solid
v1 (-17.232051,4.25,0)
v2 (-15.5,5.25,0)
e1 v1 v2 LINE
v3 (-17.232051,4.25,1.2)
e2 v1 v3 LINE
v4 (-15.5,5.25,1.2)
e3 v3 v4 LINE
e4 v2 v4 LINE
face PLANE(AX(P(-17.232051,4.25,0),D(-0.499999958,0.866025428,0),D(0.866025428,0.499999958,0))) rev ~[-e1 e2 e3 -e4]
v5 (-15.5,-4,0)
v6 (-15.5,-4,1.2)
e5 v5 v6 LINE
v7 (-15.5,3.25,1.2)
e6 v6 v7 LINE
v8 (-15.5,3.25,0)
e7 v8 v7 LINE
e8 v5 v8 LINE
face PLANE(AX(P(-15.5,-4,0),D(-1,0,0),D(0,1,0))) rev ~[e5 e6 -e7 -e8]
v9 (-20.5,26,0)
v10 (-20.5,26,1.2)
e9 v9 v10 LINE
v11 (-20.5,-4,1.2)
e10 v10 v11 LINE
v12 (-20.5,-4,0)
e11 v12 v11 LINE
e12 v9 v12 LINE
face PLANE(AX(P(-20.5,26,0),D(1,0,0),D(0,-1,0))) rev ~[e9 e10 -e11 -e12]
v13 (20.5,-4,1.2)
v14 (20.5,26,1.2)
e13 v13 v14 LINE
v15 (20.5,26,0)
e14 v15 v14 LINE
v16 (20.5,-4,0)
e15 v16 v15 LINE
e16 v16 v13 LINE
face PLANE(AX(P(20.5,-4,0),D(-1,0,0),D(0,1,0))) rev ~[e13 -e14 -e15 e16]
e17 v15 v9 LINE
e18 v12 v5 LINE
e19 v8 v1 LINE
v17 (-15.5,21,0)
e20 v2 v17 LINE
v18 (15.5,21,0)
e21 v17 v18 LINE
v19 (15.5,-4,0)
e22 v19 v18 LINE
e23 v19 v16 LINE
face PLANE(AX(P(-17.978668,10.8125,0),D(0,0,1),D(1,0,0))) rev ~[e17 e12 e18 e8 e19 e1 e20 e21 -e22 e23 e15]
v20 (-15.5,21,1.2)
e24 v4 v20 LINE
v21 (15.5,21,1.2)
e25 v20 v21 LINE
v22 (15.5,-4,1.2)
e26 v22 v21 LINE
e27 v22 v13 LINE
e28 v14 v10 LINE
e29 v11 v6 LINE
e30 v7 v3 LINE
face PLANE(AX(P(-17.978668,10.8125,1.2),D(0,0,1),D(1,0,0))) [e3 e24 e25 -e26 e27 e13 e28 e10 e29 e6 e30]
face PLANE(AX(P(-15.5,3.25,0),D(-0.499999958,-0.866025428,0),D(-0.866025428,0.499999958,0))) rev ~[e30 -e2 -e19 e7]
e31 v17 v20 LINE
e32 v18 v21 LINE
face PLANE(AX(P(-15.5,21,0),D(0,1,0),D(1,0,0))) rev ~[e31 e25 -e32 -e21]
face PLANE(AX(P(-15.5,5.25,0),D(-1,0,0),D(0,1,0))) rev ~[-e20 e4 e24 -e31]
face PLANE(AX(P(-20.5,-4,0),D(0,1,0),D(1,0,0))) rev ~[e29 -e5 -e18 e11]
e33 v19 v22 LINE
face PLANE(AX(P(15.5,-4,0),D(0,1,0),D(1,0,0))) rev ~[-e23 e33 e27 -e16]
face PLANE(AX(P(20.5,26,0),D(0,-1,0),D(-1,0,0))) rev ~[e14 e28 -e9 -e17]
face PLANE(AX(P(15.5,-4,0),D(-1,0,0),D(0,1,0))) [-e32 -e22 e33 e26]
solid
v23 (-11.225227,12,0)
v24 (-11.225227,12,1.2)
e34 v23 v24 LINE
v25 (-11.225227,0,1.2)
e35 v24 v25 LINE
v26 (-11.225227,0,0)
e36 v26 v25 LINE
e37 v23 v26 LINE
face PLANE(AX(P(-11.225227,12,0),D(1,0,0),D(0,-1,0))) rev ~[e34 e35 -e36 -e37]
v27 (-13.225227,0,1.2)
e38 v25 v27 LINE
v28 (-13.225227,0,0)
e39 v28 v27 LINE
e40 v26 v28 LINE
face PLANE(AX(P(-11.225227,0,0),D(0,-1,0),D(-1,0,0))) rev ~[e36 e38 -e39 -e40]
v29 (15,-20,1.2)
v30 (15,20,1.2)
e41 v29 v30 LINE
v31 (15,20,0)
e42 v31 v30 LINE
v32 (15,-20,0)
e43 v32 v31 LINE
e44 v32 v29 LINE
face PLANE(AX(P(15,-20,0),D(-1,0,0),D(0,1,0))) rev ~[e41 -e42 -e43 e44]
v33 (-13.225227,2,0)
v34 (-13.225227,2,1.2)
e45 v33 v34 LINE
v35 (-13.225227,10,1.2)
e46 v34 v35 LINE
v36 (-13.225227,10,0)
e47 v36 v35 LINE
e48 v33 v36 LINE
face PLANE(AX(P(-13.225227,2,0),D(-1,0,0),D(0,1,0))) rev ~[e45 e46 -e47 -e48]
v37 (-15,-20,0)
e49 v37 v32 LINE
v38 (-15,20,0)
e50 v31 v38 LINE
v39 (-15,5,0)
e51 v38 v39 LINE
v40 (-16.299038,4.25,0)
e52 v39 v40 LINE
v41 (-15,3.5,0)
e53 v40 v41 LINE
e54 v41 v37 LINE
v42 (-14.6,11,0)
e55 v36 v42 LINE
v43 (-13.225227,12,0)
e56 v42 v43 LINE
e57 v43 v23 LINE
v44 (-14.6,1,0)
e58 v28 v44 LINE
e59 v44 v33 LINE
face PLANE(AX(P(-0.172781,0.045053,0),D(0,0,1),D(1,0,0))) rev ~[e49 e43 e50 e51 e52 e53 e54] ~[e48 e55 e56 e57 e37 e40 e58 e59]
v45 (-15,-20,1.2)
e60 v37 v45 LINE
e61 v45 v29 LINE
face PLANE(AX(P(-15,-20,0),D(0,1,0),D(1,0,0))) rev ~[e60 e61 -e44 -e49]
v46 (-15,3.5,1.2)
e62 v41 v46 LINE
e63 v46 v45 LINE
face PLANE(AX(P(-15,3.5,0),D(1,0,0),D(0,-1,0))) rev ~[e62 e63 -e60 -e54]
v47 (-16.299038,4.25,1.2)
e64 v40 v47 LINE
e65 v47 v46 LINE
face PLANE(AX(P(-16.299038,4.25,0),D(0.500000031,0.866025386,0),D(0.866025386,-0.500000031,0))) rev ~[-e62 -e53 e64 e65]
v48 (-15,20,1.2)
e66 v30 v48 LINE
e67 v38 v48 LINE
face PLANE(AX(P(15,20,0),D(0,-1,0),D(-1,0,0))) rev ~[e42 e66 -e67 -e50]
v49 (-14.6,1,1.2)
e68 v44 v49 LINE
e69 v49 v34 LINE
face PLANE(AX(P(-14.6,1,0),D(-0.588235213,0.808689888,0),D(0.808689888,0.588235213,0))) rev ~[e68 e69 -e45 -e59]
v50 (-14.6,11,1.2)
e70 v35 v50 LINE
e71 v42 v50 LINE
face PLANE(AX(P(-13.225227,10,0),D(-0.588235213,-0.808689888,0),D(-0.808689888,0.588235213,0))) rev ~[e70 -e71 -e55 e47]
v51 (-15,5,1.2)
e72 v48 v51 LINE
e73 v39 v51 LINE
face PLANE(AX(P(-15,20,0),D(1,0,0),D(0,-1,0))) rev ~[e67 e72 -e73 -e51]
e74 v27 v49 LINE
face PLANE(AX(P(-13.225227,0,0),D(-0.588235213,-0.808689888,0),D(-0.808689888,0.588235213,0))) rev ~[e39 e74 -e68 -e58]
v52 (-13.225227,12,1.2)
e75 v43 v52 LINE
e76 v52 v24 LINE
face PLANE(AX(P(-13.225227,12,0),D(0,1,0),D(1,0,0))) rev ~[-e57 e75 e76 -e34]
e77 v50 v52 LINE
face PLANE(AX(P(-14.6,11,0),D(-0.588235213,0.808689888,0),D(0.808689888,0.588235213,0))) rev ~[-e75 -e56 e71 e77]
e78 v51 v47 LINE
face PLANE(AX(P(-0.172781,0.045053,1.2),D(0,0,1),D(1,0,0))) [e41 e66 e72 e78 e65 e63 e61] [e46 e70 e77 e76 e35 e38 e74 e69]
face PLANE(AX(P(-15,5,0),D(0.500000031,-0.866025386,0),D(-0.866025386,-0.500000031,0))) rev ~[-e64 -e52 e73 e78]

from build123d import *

# Parameters (mm, degrees)
F0_W     = 5
F0_H     = 25
F1_DEPTH = 1.2


with BuildPart() as f1:
    # F0 (on Top) → F1 (new body)
    with BuildSketch(Plane.XY):
        Polygon((15, -20), (15, 20), (-15, 20), (-15, 5), (-16.299038, 4.25), (-15, 3.5), (-15, -20), align=None)
        Polygon((-14.6, 11), (-13.225227, 12), (-11.225227, 12), (-11.225227, 0), (-13.225227, 0), (-14.6, 1), (-13.225227, 2), (-13.225227, 10), align=None, mode=Mode.SUBTRACT)
        Polygon((-20.5, -4), (-15.5, -4), (-15.5, 3.25), (-17.232051, 4.25), (-15.5, 5.25), (-15.5, 21), (-15.5, 26), (-20.5, 26), align=None)
        Polygon((20.5, 26), (-15.5, 26), (-15.5, 21), (15.5, 21), (20.5, 21), align=None)
        with Locations((18, 8.5)):
            Rectangle(F0_W, F0_H)
    extrude(amount=F1_DEPTH)


solid = f1.part
